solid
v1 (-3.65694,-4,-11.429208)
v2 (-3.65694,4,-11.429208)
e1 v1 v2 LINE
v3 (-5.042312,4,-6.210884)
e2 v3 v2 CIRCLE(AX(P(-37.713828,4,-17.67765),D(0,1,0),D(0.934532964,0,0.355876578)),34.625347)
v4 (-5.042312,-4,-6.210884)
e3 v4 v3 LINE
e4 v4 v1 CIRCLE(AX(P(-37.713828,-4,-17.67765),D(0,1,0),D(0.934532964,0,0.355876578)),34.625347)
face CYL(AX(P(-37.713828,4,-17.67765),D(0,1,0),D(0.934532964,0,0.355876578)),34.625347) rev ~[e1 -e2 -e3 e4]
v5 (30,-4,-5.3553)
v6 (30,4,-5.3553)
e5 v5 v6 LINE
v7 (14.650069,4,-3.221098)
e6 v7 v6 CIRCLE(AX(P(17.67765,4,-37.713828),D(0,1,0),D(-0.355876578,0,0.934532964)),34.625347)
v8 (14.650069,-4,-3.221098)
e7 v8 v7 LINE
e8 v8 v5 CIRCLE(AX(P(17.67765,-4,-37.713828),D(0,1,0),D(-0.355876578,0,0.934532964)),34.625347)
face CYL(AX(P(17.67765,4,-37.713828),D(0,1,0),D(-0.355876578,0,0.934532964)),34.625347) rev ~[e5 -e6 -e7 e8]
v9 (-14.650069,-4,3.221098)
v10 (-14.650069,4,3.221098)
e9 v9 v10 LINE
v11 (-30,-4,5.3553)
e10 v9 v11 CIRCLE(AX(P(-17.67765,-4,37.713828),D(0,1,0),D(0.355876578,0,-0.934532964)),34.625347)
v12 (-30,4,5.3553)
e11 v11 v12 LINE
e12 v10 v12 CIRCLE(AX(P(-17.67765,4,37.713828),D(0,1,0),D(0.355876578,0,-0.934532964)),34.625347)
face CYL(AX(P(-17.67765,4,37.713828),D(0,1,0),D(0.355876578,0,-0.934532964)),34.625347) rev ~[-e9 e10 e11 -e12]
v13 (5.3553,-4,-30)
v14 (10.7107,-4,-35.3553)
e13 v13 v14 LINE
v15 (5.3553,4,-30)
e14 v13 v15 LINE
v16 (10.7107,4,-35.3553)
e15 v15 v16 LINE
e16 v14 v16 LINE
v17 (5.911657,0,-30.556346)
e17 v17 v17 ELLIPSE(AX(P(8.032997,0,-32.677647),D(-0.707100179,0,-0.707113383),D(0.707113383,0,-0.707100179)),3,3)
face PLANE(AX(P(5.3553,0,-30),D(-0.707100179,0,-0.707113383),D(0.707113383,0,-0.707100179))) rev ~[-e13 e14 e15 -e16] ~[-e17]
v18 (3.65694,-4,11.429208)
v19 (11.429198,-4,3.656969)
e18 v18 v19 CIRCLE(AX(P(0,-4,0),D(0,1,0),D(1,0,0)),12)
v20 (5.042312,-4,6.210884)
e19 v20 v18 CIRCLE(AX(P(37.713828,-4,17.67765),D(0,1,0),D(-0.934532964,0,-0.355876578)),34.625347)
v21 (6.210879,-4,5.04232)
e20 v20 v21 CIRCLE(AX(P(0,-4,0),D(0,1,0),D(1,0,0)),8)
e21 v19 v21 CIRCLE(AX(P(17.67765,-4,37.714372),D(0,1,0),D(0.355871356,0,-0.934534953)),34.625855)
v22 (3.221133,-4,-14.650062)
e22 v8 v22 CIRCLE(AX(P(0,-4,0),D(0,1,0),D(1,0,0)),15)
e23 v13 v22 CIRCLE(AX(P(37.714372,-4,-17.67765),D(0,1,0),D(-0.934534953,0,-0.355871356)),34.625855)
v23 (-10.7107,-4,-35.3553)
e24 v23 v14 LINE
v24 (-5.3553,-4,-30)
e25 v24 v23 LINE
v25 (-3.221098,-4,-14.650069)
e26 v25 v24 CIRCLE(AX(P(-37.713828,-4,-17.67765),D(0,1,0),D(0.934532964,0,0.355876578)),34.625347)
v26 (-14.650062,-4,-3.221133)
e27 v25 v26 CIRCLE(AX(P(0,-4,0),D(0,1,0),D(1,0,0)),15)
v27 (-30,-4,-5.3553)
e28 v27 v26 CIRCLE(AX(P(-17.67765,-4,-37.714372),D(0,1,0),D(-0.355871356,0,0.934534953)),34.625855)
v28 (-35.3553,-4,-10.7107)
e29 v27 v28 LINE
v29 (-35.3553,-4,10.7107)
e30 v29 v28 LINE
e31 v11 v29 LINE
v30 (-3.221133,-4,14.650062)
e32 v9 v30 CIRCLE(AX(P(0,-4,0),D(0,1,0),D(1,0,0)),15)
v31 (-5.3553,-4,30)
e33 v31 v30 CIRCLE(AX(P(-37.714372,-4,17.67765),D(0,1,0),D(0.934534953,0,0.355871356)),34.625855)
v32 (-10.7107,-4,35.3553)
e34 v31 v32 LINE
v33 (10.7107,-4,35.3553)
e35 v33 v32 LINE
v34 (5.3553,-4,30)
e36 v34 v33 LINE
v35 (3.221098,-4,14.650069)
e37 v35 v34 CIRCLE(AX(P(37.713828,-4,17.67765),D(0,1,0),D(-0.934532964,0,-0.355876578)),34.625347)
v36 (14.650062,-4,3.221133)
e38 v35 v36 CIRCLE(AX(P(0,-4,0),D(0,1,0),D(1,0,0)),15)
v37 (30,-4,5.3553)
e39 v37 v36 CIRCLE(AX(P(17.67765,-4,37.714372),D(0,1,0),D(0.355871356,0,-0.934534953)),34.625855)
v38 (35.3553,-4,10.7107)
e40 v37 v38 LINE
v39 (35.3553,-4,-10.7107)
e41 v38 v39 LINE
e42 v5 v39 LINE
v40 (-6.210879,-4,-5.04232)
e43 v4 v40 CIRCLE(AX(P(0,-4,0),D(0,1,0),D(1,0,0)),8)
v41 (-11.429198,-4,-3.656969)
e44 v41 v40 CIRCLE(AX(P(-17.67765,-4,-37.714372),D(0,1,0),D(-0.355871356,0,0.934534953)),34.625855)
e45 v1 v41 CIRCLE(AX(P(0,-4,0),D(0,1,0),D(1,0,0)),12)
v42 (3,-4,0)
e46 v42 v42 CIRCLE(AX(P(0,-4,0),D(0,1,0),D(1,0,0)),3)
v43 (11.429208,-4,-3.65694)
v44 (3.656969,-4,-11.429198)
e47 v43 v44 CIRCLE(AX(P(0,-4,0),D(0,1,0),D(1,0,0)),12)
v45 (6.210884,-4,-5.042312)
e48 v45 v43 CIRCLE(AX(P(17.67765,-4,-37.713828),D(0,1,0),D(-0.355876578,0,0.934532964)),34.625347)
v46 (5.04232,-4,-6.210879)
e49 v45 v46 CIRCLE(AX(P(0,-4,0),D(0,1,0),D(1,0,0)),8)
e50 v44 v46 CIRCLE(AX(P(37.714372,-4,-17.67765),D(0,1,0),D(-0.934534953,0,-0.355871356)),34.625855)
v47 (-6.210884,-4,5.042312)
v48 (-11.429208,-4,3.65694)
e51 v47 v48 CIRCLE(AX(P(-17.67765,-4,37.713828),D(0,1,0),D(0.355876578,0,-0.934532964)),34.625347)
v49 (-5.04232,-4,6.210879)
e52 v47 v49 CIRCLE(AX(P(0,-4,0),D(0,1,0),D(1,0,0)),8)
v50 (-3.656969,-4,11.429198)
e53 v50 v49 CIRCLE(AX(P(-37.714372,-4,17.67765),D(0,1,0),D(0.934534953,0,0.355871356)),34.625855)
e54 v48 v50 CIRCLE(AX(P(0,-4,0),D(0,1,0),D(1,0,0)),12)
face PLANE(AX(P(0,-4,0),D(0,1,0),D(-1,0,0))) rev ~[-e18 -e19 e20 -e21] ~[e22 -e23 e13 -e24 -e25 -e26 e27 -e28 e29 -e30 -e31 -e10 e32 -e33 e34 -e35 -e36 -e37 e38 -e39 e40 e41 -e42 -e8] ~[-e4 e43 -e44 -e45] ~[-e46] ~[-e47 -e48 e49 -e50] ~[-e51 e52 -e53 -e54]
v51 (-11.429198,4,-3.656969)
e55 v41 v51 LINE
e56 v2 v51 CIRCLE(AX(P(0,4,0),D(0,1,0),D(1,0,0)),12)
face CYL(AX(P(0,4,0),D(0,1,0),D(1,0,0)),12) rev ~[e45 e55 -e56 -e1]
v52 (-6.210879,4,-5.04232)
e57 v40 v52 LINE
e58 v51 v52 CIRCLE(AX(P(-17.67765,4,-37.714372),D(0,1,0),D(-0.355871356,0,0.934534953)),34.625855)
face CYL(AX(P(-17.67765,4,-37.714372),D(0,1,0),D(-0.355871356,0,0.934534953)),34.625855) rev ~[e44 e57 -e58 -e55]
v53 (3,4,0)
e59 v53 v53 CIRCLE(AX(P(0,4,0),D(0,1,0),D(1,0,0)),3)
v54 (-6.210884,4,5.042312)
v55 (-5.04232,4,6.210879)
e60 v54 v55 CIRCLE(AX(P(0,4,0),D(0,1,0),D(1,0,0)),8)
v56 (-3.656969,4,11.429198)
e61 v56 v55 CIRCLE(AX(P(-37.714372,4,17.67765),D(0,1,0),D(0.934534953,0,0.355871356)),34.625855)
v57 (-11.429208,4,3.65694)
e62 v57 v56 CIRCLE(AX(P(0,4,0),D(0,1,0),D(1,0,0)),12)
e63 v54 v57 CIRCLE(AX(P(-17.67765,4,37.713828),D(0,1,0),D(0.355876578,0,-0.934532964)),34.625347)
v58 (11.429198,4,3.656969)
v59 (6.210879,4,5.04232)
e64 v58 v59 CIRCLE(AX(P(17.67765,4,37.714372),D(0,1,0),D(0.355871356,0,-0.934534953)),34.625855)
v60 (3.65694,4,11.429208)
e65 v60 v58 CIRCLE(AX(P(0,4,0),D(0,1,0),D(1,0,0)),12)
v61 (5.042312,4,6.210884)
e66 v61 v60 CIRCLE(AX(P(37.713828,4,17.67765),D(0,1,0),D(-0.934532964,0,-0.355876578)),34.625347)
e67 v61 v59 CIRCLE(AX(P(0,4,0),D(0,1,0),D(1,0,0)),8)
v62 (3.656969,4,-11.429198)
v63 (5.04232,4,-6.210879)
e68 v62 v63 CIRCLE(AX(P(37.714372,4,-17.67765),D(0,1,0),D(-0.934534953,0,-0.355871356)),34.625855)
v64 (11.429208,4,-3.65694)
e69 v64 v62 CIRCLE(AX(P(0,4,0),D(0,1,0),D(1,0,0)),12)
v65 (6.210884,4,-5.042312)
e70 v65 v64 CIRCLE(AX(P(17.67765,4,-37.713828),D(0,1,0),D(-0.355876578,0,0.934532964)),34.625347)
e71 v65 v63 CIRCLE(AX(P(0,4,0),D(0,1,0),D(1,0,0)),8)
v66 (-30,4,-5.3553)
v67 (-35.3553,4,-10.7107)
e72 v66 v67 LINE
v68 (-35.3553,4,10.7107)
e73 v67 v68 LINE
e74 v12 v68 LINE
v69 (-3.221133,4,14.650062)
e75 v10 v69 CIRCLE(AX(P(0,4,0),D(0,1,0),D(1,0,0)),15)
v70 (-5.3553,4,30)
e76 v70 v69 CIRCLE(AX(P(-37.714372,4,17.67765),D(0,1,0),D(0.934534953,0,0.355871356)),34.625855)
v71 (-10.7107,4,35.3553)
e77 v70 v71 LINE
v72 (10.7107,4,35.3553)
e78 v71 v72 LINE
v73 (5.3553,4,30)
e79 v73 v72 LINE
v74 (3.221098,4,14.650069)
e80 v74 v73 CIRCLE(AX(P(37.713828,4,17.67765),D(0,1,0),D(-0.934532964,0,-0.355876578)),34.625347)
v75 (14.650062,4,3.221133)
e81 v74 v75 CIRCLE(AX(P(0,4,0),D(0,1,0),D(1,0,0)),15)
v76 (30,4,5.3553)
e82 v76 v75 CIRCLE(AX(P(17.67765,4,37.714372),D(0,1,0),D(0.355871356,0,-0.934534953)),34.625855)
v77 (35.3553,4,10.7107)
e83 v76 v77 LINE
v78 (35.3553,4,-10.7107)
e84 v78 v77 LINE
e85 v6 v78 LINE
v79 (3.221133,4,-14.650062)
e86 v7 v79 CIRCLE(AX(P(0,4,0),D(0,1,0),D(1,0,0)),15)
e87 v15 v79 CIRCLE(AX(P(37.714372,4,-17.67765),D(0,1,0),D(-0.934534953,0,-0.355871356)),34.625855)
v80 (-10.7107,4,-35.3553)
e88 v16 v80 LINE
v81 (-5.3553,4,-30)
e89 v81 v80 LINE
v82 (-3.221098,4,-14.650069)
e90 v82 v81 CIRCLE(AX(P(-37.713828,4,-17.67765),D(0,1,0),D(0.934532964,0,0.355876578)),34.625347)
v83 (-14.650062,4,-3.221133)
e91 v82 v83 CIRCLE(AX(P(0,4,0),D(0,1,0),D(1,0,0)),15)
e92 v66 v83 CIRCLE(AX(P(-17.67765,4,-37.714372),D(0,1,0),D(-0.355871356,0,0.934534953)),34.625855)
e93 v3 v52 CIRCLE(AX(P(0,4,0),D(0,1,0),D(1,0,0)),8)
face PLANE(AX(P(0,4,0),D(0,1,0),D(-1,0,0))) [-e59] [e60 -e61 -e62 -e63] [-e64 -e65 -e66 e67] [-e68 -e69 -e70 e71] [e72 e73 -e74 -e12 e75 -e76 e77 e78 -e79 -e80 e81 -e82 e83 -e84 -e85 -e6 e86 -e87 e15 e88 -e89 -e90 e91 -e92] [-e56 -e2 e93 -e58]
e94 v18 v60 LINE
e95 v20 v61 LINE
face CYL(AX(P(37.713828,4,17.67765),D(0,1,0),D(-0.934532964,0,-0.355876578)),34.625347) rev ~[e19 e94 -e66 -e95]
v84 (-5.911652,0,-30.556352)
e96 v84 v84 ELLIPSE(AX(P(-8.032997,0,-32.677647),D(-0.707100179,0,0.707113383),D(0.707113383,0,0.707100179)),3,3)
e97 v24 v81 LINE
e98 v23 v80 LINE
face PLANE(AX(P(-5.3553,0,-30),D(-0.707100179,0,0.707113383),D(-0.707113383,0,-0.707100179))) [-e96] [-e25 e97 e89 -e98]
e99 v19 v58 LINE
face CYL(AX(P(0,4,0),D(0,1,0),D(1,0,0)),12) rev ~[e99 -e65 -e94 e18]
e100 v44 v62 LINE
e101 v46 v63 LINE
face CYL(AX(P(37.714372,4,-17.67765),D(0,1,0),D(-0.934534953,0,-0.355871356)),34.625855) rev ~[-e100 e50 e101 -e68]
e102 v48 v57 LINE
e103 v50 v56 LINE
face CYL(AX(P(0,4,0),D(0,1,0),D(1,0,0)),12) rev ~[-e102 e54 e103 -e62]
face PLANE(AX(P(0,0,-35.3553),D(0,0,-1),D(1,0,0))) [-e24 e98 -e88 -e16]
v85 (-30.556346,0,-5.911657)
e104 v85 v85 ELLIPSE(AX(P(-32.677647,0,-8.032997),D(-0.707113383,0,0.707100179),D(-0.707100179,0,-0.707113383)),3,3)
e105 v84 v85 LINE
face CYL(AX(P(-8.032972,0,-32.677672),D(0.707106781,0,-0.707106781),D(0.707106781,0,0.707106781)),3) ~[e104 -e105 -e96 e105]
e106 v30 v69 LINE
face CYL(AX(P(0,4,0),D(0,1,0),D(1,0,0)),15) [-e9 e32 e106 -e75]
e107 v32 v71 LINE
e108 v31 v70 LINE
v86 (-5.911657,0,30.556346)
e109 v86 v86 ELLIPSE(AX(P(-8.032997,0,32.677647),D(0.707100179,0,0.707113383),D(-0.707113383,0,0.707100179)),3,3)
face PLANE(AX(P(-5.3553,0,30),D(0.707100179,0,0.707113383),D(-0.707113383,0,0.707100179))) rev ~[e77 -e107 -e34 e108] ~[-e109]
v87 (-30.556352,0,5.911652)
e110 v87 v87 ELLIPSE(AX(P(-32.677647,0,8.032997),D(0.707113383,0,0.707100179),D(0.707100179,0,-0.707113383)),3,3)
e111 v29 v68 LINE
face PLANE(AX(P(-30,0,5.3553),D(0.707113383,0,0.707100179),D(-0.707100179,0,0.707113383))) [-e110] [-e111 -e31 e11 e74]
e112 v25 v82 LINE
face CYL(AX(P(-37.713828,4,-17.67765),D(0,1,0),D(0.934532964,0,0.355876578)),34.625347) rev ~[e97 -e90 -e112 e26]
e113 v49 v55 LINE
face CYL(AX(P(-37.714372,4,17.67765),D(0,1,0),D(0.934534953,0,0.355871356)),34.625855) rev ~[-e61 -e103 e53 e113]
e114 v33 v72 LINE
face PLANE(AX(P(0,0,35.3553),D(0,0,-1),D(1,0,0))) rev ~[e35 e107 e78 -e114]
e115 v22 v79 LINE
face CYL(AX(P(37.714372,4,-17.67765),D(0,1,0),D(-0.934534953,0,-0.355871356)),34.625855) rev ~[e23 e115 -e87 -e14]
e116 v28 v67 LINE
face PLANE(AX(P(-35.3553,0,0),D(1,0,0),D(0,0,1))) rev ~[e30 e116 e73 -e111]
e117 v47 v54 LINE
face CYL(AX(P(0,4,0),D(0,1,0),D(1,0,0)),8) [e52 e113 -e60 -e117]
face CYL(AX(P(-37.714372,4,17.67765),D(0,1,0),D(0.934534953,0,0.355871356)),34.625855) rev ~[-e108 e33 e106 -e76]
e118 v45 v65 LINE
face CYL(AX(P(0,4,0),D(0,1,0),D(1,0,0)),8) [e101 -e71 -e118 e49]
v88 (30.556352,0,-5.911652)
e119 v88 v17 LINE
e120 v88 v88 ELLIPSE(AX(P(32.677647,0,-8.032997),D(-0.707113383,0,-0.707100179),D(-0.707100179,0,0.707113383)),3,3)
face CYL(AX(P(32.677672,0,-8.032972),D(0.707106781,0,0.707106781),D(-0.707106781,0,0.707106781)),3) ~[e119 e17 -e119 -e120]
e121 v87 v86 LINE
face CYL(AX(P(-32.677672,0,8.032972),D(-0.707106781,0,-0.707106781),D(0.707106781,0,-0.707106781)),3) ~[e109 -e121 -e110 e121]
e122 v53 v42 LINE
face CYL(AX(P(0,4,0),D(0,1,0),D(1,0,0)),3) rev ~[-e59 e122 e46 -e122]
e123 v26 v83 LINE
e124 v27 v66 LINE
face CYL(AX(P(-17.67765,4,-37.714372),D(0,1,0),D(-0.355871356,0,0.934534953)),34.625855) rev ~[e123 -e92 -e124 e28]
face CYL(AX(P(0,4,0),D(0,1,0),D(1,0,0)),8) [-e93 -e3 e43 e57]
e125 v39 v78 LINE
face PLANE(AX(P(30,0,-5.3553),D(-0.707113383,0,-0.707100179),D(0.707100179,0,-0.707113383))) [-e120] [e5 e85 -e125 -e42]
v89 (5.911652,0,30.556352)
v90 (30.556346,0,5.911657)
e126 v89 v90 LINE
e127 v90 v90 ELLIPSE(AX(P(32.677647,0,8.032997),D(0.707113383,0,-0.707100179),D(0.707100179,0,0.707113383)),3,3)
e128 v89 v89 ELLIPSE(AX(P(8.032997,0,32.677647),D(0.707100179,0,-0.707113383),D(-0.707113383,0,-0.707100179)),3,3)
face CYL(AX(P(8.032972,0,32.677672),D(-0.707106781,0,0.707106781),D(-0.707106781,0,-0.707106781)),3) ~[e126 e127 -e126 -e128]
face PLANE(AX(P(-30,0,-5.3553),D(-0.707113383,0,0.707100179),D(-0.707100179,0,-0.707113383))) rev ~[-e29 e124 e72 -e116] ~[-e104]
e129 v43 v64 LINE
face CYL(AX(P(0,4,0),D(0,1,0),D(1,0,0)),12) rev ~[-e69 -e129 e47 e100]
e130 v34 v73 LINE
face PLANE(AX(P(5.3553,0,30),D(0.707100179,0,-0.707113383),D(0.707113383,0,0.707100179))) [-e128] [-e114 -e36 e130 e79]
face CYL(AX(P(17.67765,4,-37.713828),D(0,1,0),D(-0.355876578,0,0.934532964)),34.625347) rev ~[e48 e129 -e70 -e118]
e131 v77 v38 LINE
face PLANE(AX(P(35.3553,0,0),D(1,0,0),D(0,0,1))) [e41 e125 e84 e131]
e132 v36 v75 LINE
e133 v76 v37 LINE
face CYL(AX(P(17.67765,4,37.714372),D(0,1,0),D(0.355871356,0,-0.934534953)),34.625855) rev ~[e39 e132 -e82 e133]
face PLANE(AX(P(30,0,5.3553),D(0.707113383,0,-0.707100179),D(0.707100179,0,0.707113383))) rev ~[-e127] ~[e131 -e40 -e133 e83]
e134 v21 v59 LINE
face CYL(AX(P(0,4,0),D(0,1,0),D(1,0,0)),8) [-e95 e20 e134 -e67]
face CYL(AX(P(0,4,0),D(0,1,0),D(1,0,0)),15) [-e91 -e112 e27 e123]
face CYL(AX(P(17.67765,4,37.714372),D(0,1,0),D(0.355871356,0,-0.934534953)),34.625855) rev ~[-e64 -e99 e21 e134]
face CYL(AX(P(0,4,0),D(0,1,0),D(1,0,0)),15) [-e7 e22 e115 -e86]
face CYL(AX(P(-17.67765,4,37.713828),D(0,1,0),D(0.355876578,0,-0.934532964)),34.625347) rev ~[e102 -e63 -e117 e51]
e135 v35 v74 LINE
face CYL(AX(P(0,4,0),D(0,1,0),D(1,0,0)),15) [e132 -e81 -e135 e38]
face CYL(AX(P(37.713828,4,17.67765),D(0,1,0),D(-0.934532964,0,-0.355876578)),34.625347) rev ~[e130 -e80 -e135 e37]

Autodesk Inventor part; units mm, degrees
ref_plane "YZ Plane" through (0, 0, 0) normal (1, 0, 0) x (0, 1, 0)
ref_plane "XZ Plane" through (0, 0, 0) normal (0, 1, 0) x (-1, 0, 0)
ref_plane "XY Plane" through (0, 0, 0) normal (0, 0, 1) x (1, 0, 0)
sketch "スケッチ1" plane through (0, 0, 0) normal (0, 1, 0) x (-1, 0, 0)
  line L0 (-35.3553, 0) -> (0, 35.3553)
  line L1 (0, 35.3553) -> (35.3553, 0)
  line L2 (35.3553, 0) -> (0, -35.3553)
  line L3 (0, -35.3553) -> (-35.3553, 0)
  line L4 (-25, 25) -> (25, -25) construction
  line L5 (25, 25) -> (-25, -25) construction
  line L6 (0, 0) -> (0, -30)
  line L7 (0, -30) -> (5.3553, -30)
  line L8 (5.3553, -30) -> (10.7107, -35.3553)
  line L9 (5.3553, -30) -> (5.3553, 0)
  line L10 (0, 0) -> (30, 0)
  line L11 (30, 0) -> (30, -5.3553)
  line L12 (30, -5.3553) -> (0, -5.3553)
  line L13 (35.3553, 0) -> (47.1243, -11.769)
  line L14 (35.3553, 0) -> (35.3553, -35.3553)
  line L15 (0, -35.3553) -> (35.3553, -35.3553)
  line L16 (30, -5.3553) -> (35.3553, -10.7107)
  line L17 (5.3553, 30) -> (5.3553, 0)
  line L18 (30, 5.3553) -> (0, 5.3553)
  line L19 (0, 35.3553) -> (35.3553, 0)
  line L20 (30, 5.3553) -> (35.3553, 10.7107)
  line L21 (30, 0) -> (30, 5.3553)
  line L22 (0, 30) -> (5.3553, 30)
  line L23 (5.3553, 30) -> (10.7107, 35.3553)
  line L24 (0, 35.3553) -> (35.3553, 35.3553)
  line L25 (35.3553, 0) -> (35.3553, 35.3553)
  line L26 (0, 0) -> (0, 30)
  line L27 (0, 0) -> (30, 0)
  line L28 (-30, 5.3553) -> (0, 5.3553)
  line L29 (-5.3553, 30) -> (-5.3553, 0)
  line L30 (-35.3553, 0) -> (0, 35.3553)
  line L31 (-5.3553, 30) -> (-10.7107, 35.3553)
  line L32 (0, 30) -> (-5.3553, 30)
  line L33 (-30, 0) -> (-30, 5.3553)
  line L34 (-30, 5.3553) -> (-35.3553, 10.7107)
  line L35 (-35.3553, 0) -> (-35.3553, 35.3553)
  line L36 (0, 35.3553) -> (-35.3553, 35.3553)
  line L37 (0, 0) -> (-30, 0)
  line L38 (0, 0) -> (0, 30)
  line L39 (-5.3553, -30) -> (-5.3553, 0)
  line L40 (-30, -5.3553) -> (0, -5.3553)
  line L41 (0, -35.3553) -> (-35.3553, 0)
  line L42 (-30, -5.3553) -> (-35.3553, -10.7107)
  line L43 (-30, 0) -> (-30, -5.3553)
  line L44 (0, -30) -> (-5.3553, -30)
  line L45 (-5.3553, -30) -> (-10.7107, -35.3553)
  line L46 (0, -35.3553) -> (-35.3553, -35.3553)
  line L47 (-35.3553, 0) -> (-35.3553, -35.3553)
  line L48 (0, 0) -> (0, -30)
  line L49 (0, 0) -> (-30, 0)
  point P0 (35.3553, 0)
  point P1 (5.3553, 5.3553)
  point P2 (-5.3553, 5.3553)
  point P3 (-5.3553, -5.3553)
  point P4 (0, -35.3553)
  point P5 (5.3553, -5.3553)
  dimension "d0" = 50
  dimension "d1" = 50
  dimension "d3" = 30
  dimension "d4" = 30
  dimension "d7" = 360
extrude "押し出し1" add sketch "スケッチ1" along normal mid plane 8 contours L35 L34 L0 | L0 L33 L43 L3 | L3 L42 L47 | L28 L29 L37 L33 | L43 L37 L39 L40 | L31 L36 L0 | L32 L26 L28 L29 | L0 L1 L22 L32 | L28 L26 L37 L29 | L44 L7 L2 L3 | L39 L40 L6 L44 | L3 L46 L45 | L39 L37 L6 L40 | L24 L23 L1 | L22 L17 L18 L26 | L18 L17 L10 L26 | L2 L8 L15 | L6 L12 L9 L7 | L6 L10 L9 L12 | L18 L21 L10 L17 | L9 L10 L11 L12 | L20 L25 L1 | L1 L2 L11 L21 | L2 L14 L16
sketch "スケッチ3" plane through (5.3553, -4, 30) normal (0.7071, 0, -0.7071) x (-0.7071, 0, -0.7071)
  line L0 (-7.5736, 8) -> (7.5736, 8) projected
  line L1 (17.4264, 0) -> (0, 0) projected
  line L2 (-7.5736, 8) -> (0, 0)
  line L3 (-7.5736, 0) -> (7.5736, 0) projected
  line L4 (0, 8) -> (-7.5736, 0)
  circle A0 centre (-3.7868, 4) radius 3
  point P0 (25, 4)
  dimension "d12" = 6
extrude "押し出し2" add sketch "スケッチ3" along normal blind 35 contours A0 L4 L2 | L2 L4 A0 | A0 L2 L4 | L2 A0 L4
pattern_circular "円形状パターン1" count 4 over 360 about axis through (0, -10, 0) along (0, 1, 0) of "押し出し2"
sketch "スケッチ4" plane through (0, 4, 0) normal (0, 1, 0) x (1, 0, 0)
  line L0 (-30, -5.3553) -> (-5.3553, -5.3553)
  line L1 (-35.3553, -10.7107) -> (-30, -5.3553)
  arc A0 (-5.3553, -5.3553) -> (-30, -5.3553) centre (-17.6777, -37.7141) ccw
  line L2 (-30, -5.3553) -> (-5.3553, -5.3553)
  line L3 (-35.3553, 0) -> (35.3553, 0)
  line L4 (35.3553, -10.7107) -> (35.3553, 10.7107)
  line L5 (10.7107, 35.3553) -> (-10.7107, 35.3553)
  line L6 (0, 35.3553) -> (0, -35.3553)
  arc A1 (-30, 5.3553) -> (-5.3553, 5.3553) centre (-17.6777, 37.7141) ccw
  arc A2 (5.3553, -5.3553) -> (5.3553, -30) centre (37.7141, -17.6777) ccw
  line L7 (5.3553, -30) -> (5.3553, -5.3553)
  arc A3 (-5.3553, -30) -> (-5.3553, -5.3553) centre (-37.7141, -17.6777) ccw
  arc A4 (5.3553, 5.3553) -> (30, 5.3553) centre (17.6777, 37.7141) ccw
  line L8 (30, 5.3553) -> (5.3553, 5.3553)
  arc A5 (30, -5.3553) -> (5.3553, -5.3553) centre (17.6777, -37.7141) ccw
  arc A6 (-5.3553, 5.3553) -> (-5.3553, 30) centre (-37.7141, 17.6777) ccw
  line L9 (-5.3553, 30) -> (-5.3553, 5.3553)
  arc A7 (5.3553, 30) -> (5.3553, 5.3553) centre (37.7141, 17.6777) ccw
  line L10 (-30, 5.3553) -> (-35.3553, 10.7107)
  line L11 (-30, 5.3553) -> (-5.3553, 5.3553)
  line L12 (-30, 5.3553) -> (-5.3553, 5.3553)
  line L13 (-5.3553, 30) -> (-5.3553, 5.3553)
  line L14 (5.3553, 30) -> (5.3553, 5.3553)
  line L15 (5.3553, -5.3553) -> (30, -5.3553)
  line L16 (10.7107, -35.3553) -> (5.3553, -30)
  line L17 (5.3553, -5.3553) -> (5.3553, -30)
  line L18 (-5.3553, -5.3553) -> (-5.3553, -30)
  point P0 (0, 0)
  point P1 (-5.3553, 5.3553)
  point P2 (-5.3553, 5.3553)
  point P3 (5.3553, 5.3553)
  point P4 (5.3553, 5.3553)
  point P5 (5.3553, 5.3553)
  point P6 (5.3553, 5.3553)
  dimension "d20" = 360
extrude "押し出し3" cut sketch "スケッチ4" against normal blind 8
sketch "スケッチ5" plane through (0, 4, 0) normal (0, 1, 0) x (1, 0, 0)
  circle A0 centre (0, 0) radius 15
  circle A1 centre (0, 0) radius 12
  circle A2 centre (0, 0) radius 8
  circle A3 centre (0, 0) radius 3
  dimension "d24" = 30
  dimension "d25" = 6
  dimension "d26" = 24
  dimension "d27" = 16
extrude "押し出し4" add sketch "スケッチ5" against normal blind 8 contours A0 | A2 | A3
sketch "スケッチ6" plane through (0, 4, 0) normal (0, 1, 0) x (1, 0, 0)
  circle A0 centre (0, 0) radius 3
  dimension "d30" = 6
extrude "押し出し5" cut sketch "スケッチ6" against normal blind 8
